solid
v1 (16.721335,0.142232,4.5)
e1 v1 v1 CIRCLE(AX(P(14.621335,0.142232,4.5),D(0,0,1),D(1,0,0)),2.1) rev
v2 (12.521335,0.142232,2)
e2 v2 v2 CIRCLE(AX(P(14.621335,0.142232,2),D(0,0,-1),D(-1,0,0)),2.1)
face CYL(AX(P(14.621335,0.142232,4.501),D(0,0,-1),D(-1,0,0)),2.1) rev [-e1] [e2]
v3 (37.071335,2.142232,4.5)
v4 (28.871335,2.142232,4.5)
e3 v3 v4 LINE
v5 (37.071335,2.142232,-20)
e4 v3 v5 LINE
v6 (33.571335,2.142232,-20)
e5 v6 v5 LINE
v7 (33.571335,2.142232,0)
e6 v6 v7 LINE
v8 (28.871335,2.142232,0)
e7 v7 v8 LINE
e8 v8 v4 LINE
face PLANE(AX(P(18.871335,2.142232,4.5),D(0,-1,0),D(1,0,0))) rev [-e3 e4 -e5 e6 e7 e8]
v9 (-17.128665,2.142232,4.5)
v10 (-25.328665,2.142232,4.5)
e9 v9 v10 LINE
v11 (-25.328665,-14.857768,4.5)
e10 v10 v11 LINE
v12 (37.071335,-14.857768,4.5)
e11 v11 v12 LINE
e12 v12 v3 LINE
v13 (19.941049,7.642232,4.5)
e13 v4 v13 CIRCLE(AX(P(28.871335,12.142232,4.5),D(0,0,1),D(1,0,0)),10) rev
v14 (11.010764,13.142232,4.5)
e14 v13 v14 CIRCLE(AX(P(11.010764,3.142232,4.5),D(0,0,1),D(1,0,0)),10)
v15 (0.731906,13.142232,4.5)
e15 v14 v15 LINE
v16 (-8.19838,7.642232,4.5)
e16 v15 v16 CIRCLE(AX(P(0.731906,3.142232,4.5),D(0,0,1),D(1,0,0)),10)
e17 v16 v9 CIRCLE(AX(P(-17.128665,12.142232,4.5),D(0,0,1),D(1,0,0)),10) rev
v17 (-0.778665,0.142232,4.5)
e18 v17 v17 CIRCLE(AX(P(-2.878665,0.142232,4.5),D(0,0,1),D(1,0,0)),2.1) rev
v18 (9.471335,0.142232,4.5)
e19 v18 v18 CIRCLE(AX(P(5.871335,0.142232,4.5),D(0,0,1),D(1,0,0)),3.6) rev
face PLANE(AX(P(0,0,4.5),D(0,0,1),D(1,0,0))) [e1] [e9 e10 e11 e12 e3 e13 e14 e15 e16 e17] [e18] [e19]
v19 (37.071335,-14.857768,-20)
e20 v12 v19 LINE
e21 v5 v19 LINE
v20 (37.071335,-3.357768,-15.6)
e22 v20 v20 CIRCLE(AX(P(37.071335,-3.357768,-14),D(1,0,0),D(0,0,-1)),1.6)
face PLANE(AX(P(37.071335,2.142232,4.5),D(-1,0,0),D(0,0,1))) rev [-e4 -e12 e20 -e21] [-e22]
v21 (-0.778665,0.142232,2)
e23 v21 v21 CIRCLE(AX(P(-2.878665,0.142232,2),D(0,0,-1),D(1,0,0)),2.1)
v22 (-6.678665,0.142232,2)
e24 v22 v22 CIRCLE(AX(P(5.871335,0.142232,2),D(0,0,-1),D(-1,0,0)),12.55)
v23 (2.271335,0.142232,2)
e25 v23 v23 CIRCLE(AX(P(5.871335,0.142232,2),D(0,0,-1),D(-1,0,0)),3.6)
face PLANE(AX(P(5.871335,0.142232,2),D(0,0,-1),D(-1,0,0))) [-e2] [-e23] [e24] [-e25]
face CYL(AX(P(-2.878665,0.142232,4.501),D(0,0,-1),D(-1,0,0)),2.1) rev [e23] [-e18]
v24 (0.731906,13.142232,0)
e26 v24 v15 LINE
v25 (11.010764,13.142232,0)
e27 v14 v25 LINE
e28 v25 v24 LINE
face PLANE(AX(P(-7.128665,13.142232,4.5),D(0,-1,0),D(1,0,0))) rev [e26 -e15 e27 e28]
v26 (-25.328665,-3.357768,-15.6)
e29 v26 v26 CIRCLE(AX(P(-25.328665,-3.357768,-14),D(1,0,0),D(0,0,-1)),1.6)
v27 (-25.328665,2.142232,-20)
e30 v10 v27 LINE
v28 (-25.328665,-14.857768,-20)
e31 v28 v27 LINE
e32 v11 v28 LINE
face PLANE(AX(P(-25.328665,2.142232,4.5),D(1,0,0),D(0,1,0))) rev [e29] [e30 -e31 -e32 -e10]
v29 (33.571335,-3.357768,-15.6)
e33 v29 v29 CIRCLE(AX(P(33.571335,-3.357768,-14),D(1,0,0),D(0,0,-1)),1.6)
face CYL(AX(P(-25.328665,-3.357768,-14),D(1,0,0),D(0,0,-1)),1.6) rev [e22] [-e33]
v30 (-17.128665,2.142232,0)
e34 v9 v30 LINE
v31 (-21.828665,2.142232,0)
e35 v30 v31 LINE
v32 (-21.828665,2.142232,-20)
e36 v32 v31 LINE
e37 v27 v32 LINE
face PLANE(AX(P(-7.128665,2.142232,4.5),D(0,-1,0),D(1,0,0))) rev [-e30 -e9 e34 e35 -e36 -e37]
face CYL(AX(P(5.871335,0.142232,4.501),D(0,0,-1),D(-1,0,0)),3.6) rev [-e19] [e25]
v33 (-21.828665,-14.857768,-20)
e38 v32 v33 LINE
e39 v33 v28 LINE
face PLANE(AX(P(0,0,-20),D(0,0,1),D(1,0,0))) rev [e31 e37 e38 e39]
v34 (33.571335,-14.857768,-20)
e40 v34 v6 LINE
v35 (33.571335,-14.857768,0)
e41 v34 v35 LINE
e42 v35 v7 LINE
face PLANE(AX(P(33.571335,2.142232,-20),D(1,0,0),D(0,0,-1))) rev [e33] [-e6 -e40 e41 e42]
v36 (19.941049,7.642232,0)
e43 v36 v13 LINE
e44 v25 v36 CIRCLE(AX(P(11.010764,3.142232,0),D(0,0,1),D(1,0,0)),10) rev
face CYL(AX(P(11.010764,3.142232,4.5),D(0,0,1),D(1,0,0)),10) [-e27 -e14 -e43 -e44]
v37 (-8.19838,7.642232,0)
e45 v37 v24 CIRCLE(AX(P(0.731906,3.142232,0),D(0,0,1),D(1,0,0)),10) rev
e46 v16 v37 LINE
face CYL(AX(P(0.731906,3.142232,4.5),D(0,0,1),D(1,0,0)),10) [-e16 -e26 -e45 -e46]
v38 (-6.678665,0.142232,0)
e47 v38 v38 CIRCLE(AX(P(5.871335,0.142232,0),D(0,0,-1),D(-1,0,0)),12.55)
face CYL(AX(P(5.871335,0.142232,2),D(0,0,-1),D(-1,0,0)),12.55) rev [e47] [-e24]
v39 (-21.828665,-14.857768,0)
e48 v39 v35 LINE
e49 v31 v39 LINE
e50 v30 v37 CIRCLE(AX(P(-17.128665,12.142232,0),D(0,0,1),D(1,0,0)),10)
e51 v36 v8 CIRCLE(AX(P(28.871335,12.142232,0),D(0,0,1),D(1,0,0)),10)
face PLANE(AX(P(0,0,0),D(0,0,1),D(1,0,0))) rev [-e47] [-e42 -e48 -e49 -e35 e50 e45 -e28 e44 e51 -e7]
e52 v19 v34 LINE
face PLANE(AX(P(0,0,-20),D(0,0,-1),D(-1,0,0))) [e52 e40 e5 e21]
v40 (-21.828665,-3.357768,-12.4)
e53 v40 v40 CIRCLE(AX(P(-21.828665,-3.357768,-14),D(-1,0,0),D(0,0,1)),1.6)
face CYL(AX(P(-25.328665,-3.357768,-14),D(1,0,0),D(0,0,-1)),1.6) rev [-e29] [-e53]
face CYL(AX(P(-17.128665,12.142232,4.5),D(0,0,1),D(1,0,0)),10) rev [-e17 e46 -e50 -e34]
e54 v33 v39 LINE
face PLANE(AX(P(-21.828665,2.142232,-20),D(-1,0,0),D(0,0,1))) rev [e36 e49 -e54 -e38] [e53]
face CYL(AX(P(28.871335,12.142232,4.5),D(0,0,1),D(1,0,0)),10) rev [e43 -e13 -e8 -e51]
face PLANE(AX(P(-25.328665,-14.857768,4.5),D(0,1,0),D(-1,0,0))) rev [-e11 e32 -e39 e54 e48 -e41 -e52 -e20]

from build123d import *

# Parameters (mm, degrees)
BOSS_EXTRUDE1_DEPTH = 4.5
SKETCH4_R           = 12.55
CUT_EXTRUDE1_DEPTH  = 2
CUT_EXTRUDE2_REACH  = 42.016
SKETCH5_R           = 2.1
SKETCH5_R_2         = 3.6
SKETCH8_W           = 3.5
SKETCH8_H           = 17
BOSS_EXTRUDE3_DEPTH = 20
FILLET3_R           = 10
FILLET4_R           = 10
SKETCH9_R           = 1.6
CUT_EXTRUDE3_DEPTH  = 68.190127898


with BuildPart() as part:
    # Sketch3 → Boss-Extrude1 (new body)
    with BuildSketch(Plane.XY):
        Polygon((-7.128665208, 13.142231947), (18.871334792, 13.142231947), (18.871334792, 2.142231947), (37.071334792, 2.142231947), (37.071334792, -14.857768053), (-25.328665208, -14.857768053), (-25.328665208, 2.142231947), (-7.128665208, 2.142231947), align=None)
    extrude(amount=BOSS_EXTRUDE1_DEPTH)

    # Sketch4 → Cut-Extrude1 (cut)
    with BuildSketch(Plane(origin=(0, 0, 0), x_dir=(-1, 0, 0), z_dir=(0, 0, -1))):
        with Locations((-5.871334792, 0.142231947)):
            Circle(SKETCH4_R)
    extrude(amount=-CUT_EXTRUDE1_DEPTH, mode=Mode.SUBTRACT)

    # Sketch5 → Cut-Extrude2 (cut, up to next)
    with BuildSketch(Plane(origin=(0, 0, 2), x_dir=(-1, 0, 0), z_dir=(0, 0, -1)), mode=Mode.PRIVATE) as cut_extrude2_sk1:
        with Locations((-14.621334792, 0.142231947)):
            Circle(SKETCH5_R)
    cut_extrude2_tool1 = extrude(cut_extrude2_sk1.sketch, amount=-CUT_EXTRUDE2_REACH, mode=Mode.PRIVATE) & part.part
    # Sketch5 → Cut-Extrude2 (cut, up to next)
    with BuildSketch(Plane(origin=(0, 0, 2), x_dir=(-1, 0, 0), z_dir=(0, 0, -1)), mode=Mode.PRIVATE) as cut_extrude2_sk2:
        with Locations(Location((2.878665208, 0.142231947, 0), (0, 0, 180))):
            Circle(SKETCH5_R)
    cut_extrude2_tool2 = extrude(cut_extrude2_sk2.sketch, amount=-CUT_EXTRUDE2_REACH, mode=Mode.PRIVATE) & part.part
    # Sketch5 → Cut-Extrude2 (cut, up to next)
    with BuildSketch(Plane(origin=(0, 0, 2), x_dir=(-1, 0, 0), z_dir=(0, 0, -1)), mode=Mode.PRIVATE) as cut_extrude2_sk3:
        with Locations((-5.871334792, 0.142231947)):
            Circle(SKETCH5_R_2)
    cut_extrude2_tool3 = extrude(cut_extrude2_sk3.sketch, amount=-CUT_EXTRUDE2_REACH, mode=Mode.PRIVATE) & part.part
    add(cut_extrude2_tool1.solids().sort_by_distance((14.621335, 0.142232, 2))[0], mode=Mode.SUBTRACT)
    add(cut_extrude2_tool2.solids().sort_by_distance((-2.878665, 0.142232, 2))[0], mode=Mode.SUBTRACT)
    add(cut_extrude2_tool3.solids().sort_by_distance((5.871335, 0.142232, 2))[0], mode=Mode.SUBTRACT)

    # Sketch8 → Boss-Extrude3 (add)
    with BuildSketch(Plane(origin=(0, 0, 0), x_dir=(-1, 0, 0), z_dir=(0, 0, -1))):
        with Locations((-35.321334792, -6.357768053)):
            Rectangle(SKETCH8_W, SKETCH8_H)
        with Locations((23.578665208, -6.357768053)):
            Rectangle(SKETCH8_W, SKETCH8_H)
    extrude(amount=BOSS_EXTRUDE3_DEPTH)

    # Fillet3
    fillet3_edges = [part.edges().sort_by_distance(p)[0] for p in [
        (-7.128665208, 2.142231947, 2.25),
        (18.871334792, 2.142231947, 2.25),
    ]]
    fillet(fillet3_edges, radius=FILLET3_R)

    # Fillet4
    fillet4_edges = [part.edges().sort_by_distance(p)[0] for p in [
        (-7.128665208, 13.142231947, 2.25),
        (18.871334792, 13.142231947, 2.25),
    ]]
    fillet(fillet4_edges, radius=FILLET4_R)

    # Sketch9 → Cut-Extrude3 (cut, through all)
    with BuildSketch(Plane(origin=(37.071334792, 0, 0), x_dir=(0, 0, -1), z_dir=(1, 0, 0))):
        with Locations((14, -3.357768053)):
            Circle(SKETCH9_R)
    extrude(amount=-CUT_EXTRUDE3_DEPTH, mode=Mode.SUBTRACT)


solid = part.part
